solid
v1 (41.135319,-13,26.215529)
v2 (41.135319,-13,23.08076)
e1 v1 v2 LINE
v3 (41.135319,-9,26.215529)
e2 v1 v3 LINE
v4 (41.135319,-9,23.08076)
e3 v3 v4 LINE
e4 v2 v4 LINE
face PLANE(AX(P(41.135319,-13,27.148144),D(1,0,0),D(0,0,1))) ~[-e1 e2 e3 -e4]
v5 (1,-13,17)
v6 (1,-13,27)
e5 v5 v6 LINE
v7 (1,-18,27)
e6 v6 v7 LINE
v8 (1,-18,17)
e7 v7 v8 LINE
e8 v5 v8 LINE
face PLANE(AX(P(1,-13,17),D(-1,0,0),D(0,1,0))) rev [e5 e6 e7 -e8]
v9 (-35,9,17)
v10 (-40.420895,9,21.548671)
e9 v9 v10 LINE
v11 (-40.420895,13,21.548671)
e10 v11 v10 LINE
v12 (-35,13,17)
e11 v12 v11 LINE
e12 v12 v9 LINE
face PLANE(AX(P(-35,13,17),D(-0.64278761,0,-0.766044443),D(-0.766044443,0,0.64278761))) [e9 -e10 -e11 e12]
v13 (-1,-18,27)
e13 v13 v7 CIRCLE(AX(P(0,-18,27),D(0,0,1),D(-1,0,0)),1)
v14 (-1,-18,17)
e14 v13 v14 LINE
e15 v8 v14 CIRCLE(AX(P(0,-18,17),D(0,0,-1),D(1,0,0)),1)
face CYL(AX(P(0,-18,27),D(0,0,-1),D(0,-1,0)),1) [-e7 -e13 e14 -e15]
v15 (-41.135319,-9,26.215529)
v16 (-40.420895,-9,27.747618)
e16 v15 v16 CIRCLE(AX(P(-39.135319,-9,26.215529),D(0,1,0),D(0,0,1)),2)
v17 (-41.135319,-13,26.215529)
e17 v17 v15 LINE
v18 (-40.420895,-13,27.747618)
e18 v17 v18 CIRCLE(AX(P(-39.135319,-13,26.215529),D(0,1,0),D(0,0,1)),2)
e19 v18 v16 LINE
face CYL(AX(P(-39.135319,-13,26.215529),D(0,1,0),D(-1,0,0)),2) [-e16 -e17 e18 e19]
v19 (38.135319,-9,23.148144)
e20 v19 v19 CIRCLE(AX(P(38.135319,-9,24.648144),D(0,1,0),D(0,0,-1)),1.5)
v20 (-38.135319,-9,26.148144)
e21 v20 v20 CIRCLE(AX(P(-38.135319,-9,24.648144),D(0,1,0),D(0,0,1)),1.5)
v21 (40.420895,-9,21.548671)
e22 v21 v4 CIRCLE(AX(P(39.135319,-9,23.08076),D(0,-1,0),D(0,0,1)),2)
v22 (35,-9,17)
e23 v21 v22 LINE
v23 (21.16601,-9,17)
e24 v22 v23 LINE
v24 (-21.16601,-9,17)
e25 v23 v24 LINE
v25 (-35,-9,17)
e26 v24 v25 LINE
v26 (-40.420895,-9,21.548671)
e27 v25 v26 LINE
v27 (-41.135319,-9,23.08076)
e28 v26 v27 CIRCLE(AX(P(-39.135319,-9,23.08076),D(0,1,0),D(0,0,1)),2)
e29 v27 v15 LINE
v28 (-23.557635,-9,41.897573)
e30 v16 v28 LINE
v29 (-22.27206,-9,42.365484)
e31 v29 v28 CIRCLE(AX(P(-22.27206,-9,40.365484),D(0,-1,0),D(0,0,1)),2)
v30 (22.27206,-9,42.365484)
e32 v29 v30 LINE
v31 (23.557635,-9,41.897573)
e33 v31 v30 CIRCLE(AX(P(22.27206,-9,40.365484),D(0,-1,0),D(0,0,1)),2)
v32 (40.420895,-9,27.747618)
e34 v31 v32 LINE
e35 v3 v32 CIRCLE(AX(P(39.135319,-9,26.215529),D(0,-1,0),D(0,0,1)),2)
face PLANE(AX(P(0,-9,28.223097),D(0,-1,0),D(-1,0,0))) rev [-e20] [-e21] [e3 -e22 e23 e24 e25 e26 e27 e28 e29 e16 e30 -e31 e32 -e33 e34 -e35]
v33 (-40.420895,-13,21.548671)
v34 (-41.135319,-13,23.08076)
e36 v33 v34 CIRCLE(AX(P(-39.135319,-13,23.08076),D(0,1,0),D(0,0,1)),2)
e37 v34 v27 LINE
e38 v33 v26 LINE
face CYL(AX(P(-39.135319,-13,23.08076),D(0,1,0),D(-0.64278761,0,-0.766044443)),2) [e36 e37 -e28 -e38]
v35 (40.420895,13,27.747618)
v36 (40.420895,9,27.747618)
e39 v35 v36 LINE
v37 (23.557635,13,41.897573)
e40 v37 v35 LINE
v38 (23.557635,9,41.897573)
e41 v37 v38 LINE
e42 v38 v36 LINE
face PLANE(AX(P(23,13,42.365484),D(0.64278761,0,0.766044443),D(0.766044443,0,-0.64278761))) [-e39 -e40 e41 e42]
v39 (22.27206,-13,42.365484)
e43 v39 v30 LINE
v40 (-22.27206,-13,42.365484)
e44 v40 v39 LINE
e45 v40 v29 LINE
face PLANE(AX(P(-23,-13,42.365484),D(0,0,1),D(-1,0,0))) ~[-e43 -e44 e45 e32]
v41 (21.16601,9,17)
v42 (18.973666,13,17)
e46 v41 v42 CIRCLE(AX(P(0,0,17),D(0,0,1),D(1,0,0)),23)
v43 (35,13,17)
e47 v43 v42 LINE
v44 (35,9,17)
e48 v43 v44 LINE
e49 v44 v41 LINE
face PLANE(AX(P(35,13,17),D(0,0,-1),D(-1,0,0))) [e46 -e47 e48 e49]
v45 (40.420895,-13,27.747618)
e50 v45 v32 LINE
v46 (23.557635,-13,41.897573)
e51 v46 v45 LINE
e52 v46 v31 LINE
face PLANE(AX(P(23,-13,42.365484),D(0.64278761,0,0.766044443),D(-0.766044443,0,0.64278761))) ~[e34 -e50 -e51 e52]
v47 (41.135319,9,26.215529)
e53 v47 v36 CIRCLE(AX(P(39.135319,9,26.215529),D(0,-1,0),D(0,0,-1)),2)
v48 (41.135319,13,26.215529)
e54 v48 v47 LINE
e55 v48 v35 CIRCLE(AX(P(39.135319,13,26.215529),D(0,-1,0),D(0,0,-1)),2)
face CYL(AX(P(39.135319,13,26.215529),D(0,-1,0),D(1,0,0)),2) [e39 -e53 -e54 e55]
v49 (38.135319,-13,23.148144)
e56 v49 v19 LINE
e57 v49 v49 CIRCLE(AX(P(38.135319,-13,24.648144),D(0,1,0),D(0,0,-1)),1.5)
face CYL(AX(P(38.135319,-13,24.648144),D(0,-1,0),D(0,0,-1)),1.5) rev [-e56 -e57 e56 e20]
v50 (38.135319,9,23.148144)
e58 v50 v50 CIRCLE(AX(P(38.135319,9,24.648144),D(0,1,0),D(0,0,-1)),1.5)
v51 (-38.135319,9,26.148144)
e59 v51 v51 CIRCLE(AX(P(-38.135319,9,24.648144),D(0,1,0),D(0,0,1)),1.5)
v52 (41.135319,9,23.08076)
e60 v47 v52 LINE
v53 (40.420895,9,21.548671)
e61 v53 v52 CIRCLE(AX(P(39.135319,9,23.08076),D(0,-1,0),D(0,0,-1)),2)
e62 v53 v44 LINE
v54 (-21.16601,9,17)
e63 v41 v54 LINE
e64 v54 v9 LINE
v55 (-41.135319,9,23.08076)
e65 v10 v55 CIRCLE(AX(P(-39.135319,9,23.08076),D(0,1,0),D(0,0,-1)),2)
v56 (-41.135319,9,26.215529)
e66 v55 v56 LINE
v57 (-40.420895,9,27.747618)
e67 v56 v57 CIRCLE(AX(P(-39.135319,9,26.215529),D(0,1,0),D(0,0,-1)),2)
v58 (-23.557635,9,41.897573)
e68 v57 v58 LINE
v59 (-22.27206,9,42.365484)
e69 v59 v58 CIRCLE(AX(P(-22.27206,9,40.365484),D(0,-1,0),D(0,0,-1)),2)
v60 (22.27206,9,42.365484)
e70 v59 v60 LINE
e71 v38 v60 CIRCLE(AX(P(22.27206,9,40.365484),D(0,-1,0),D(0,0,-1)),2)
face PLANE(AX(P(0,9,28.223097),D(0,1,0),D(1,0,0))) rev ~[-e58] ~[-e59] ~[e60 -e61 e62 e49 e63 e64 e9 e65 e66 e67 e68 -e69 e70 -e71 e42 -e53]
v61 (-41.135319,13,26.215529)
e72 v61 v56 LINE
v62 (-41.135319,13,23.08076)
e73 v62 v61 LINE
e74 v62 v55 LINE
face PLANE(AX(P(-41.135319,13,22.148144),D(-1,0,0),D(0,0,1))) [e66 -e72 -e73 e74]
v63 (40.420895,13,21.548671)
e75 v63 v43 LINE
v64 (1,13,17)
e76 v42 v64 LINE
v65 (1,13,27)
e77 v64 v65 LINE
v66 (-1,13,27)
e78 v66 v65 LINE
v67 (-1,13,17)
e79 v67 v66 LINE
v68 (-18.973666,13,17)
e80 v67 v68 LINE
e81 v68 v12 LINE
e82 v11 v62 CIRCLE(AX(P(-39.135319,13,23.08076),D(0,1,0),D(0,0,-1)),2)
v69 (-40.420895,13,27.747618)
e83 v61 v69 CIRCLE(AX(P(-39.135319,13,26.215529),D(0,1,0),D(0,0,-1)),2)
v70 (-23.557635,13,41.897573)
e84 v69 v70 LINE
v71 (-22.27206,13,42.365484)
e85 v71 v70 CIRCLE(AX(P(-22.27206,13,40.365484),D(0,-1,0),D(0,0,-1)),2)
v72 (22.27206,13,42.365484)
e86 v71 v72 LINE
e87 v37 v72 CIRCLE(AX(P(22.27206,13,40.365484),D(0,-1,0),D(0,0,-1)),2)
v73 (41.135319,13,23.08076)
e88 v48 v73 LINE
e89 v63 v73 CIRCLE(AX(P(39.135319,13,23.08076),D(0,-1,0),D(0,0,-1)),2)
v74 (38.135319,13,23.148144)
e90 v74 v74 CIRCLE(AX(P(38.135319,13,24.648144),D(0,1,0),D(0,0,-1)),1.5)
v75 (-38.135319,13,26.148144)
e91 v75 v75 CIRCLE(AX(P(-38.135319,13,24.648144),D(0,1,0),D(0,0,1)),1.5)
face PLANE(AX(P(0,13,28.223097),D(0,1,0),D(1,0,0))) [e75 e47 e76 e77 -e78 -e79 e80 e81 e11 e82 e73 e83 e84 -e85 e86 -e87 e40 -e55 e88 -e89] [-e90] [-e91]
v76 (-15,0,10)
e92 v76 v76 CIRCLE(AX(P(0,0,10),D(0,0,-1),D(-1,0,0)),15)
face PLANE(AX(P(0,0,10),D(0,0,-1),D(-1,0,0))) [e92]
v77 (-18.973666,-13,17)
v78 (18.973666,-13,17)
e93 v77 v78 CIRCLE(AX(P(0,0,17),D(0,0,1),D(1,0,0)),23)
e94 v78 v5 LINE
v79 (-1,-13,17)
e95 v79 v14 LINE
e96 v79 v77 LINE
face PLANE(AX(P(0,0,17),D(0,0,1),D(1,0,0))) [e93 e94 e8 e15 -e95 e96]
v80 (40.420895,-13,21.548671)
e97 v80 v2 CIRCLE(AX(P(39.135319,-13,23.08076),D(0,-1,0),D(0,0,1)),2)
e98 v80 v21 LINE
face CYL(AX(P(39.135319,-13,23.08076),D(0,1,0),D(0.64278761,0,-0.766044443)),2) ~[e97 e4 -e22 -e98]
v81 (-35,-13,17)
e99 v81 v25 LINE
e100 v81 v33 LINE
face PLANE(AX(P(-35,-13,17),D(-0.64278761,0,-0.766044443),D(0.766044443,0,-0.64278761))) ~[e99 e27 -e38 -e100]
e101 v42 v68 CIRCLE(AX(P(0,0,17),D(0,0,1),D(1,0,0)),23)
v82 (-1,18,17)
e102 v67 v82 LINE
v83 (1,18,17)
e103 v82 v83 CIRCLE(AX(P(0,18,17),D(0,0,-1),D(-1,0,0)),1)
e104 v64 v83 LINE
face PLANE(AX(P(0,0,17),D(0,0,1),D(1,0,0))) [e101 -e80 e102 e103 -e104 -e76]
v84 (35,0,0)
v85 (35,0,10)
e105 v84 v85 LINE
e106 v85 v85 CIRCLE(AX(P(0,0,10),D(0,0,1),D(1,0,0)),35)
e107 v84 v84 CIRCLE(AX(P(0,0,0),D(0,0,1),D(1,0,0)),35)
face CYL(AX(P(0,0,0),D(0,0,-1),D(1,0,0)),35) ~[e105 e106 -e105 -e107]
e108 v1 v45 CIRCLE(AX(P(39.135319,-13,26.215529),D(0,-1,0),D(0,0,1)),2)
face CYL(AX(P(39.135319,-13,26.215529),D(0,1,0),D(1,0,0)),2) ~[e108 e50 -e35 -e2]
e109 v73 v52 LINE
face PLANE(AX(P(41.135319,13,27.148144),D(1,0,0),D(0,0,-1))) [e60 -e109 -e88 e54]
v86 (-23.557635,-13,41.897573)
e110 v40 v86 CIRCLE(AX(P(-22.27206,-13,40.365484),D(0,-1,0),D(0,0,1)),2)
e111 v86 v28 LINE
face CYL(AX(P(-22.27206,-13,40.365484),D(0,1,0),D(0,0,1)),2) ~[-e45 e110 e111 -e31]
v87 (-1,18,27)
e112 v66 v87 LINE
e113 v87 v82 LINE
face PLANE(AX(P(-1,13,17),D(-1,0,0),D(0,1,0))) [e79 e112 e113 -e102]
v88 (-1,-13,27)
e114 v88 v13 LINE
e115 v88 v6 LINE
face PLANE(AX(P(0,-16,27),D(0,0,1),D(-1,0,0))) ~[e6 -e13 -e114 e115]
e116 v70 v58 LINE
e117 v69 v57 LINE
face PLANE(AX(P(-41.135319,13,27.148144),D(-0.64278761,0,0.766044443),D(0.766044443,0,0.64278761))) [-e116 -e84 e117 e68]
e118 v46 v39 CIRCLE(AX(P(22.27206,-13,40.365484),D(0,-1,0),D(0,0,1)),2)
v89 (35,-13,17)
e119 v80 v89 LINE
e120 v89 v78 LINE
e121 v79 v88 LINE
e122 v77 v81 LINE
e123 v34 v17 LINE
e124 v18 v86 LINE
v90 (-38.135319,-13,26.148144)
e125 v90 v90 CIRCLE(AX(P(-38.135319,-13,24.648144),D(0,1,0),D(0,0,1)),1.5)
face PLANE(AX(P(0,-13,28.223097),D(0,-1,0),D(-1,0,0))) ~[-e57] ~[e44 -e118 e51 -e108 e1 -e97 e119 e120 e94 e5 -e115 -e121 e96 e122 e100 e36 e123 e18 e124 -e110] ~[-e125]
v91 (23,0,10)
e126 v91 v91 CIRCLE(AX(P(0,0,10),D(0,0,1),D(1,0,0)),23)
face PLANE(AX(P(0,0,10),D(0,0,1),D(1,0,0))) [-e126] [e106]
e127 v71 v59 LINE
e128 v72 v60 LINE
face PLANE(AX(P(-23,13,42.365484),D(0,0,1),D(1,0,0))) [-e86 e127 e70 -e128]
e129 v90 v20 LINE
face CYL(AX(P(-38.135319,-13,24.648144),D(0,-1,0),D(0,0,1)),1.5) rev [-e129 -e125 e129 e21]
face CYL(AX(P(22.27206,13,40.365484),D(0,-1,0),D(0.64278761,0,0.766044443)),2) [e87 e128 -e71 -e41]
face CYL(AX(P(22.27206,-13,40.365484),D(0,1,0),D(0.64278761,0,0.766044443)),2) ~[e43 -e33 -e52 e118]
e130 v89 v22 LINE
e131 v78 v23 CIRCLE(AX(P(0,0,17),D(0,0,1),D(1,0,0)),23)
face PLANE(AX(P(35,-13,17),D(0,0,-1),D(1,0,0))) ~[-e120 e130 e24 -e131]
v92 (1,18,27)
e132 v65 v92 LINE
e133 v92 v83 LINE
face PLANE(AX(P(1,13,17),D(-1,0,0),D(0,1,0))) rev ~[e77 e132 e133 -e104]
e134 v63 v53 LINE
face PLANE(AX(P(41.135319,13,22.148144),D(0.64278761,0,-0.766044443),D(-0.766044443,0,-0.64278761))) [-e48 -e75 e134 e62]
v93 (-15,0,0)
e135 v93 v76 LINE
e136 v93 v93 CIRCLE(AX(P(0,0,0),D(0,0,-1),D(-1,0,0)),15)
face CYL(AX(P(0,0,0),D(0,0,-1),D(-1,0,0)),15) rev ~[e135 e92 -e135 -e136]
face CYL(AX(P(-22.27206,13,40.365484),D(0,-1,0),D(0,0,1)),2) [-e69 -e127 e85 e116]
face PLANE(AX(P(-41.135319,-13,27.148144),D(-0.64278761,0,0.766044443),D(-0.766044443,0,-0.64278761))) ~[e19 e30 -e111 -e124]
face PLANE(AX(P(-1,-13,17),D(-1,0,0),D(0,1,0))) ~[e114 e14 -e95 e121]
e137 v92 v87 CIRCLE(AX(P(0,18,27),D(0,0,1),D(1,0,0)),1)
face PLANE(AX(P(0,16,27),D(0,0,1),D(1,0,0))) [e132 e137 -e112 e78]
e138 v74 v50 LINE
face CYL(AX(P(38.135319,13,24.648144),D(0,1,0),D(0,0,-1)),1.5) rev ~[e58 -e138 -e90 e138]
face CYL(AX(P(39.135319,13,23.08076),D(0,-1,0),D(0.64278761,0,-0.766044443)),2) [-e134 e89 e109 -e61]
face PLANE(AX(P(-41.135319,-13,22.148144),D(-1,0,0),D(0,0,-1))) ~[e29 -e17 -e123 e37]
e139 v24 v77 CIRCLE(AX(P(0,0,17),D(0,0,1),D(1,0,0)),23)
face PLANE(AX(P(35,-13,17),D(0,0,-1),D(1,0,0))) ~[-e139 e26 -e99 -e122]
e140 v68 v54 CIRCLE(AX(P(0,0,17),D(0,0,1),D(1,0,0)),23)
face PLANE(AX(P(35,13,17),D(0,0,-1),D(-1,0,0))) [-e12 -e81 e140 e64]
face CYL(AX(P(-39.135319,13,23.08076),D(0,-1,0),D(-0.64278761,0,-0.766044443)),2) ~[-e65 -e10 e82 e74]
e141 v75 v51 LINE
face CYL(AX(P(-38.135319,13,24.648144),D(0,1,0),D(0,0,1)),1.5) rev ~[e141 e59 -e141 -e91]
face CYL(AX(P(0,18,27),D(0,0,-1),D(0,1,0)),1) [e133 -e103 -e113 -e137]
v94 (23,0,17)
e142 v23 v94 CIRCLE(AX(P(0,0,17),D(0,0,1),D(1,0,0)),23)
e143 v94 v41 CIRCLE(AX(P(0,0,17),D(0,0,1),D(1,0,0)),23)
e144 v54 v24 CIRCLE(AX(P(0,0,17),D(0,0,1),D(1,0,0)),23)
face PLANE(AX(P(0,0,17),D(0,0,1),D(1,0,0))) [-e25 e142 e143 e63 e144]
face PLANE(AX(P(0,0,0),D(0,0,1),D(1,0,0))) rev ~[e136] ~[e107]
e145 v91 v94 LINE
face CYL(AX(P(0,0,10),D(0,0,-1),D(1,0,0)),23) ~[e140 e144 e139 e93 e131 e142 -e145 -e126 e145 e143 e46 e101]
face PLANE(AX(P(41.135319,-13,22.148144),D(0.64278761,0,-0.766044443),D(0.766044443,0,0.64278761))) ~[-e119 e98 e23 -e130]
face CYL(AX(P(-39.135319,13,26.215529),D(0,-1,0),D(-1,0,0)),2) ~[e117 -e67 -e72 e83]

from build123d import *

# Parameters (mm, degrees)
SKETCH1_R                   = 35
BOSS_EXTRUDE1_DEPTH         = 10
SKETCH2_R                   = 23
BOSS_EXTRUDE2_DEPTH         = 7
BOSS_EXTRUDE3_DEPTH         = 4
SKETCH4_R                   = 1.5
CUT_EXTRUDE1_DEPTH          = 4
FILLET1_R                   = 2
FILLET1_OF_MIRROR1_R        = 2
SKETCH5_W                   = 2
SKETCH5_H                   = 6
BOSS_EXTRUDE4_DEPTH         = 10
FILLET2_RADIUS              = 1
FILLET2_LENGTH              = 10
FILLET2_OF_MIRROR2_2_RADIUS = 1
FILLET2_OF_MIRROR2_2_LENGTH = 10
SKETCH6_R                   = 15
CUT_EXTRUDE2_DEPTH          = 10


with BuildPart() as part:
    # Sketch1 → Boss-Extrude1 (new body)
    with BuildSketch(Plane.XY):
        Circle(SKETCH1_R)
    extrude(amount=BOSS_EXTRUDE1_DEPTH)

    # Sketch2 → Boss-Extrude2 (add)
    with BuildSketch(Plane.XY.offset(10)):
        Circle(SKETCH2_R)
    extrude(amount=BOSS_EXTRUDE2_DEPTH)

    # Sketch3 → Boss-Extrude3 (add)
    with BuildSketch(Plane(origin=(0, 13, 0), x_dir=(1, 0, 0), z_dir=(0, 1, 0))):
        Polygon((35, -17), (-35, -17), (-41.135319403, -22.148144248), (-41.135319403, -27.148144248), (-23, -42.36548407), (23, -42.36548407), (41.135319403, -27.148144248), (41.135319403, -22.148144248), align=None)
    boss_extrude3 = extrude(amount=-BOSS_EXTRUDE3_DEPTH)

    # Sketch4 → Cut-Extrude1 (cut)
    with BuildSketch(Plane(origin=(0, 13, 0), x_dir=(1, 0, 0), z_dir=(0, 1, 0))):
        with Locations(Location((-38.135319403, -24.648144248, 0), (0, 0, 270))):
            Circle(SKETCH4_R)
        with Locations(Location((38.135319403, -24.648144248, 0), (0, 0, 90))):
            Circle(SKETCH4_R)
    cut_extrude1 = extrude(amount=-CUT_EXTRUDE1_DEPTH, mode=Mode.SUBTRACT)

    # Fillet1
    fillet1_edges = [part.edges().sort_by_distance(p)[0] for p in [
        (23, 11, 42.36548407),
        (-23, 11, 42.36548407),
        (-41.135319403, 11, 27.148144248),
        (-41.135319403, 11, 22.148144248),
        (41.135319403, 11, 22.148144248),
        (41.135319403, 11, 27.148144248),
    ]]
    fillet(fillet1_edges, radius=FILLET1_R)

    # Mirror1: Boss-Extrude3, Cut-Extrude1 across plane
    add(boss_extrude3.mirror(Plane.ZX))
    add(cut_extrude1.mirror(Plane.ZX), mode=Mode.SUBTRACT)

    # Fillet1 of Mirror1
    fillet1_of_mirror1_edges = [part.edges().sort_by_distance(p)[0] for p in [
        (23, -11, 42.36548407),
        (-23, -11, 42.36548407),
        (-41.135319403, -11, 27.148144248),
        (-41.135319403, -11, 22.148144248),
        (41.135319403, -11, 22.148144248),
        (41.135319403, -11, 27.148144248),
    ]]
    fillet(fillet1_of_mirror1_edges, radius=FILLET1_OF_MIRROR1_R)

    # Sketch5 → Boss-Extrude4 (add)
    with BuildSketch(Plane.XY.offset(17)):
        with Locations((0, 16)):
            Rectangle(SKETCH5_W, SKETCH5_H)
    boss_extrude4 = extrude(amount=BOSS_EXTRUDE4_DEPTH)

    # Fillet2: full round fillet: the end face becomes a half cylinder, R = half its width
    fillet2_face = Plane((0, 19, 22), x_dir=(0, 0, -1), z_dir=(0, 1, 0))  # on the end face: x along it, z out of the body
    fillet2_slab = fillet2_face.offset(-FILLET2_RADIUS / 2) * Box(FILLET2_LENGTH, 2 * FILLET2_RADIUS, FILLET2_RADIUS, mode=Mode.PRIVATE)  # the body's end, R deep
    fillet2_round = Plane((0, 18, 22), x_dir=(0, 1, 0), z_dir=(0, 0, -1)) * Cylinder(FILLET2_RADIUS, FILLET2_LENGTH, mode=Mode.PRIVATE)  # its axis R under the face
    add(fillet2_slab - fillet2_round, mode=Mode.SUBTRACT)

    # Mirror2: Boss-Extrude4 across plane
    add(boss_extrude4.mirror(Plane.ZX))

    # Fillet2 of Mirror2 2: full round fillet: the end face becomes a half cylinder, R = half its width
    fillet2_of_mirror2_2_face = Plane((0, -19, 22), x_dir=(0, 0, -1), z_dir=(0, -1, 0))  # on the end face: x along it, z out of the body
    fillet2_of_mirror2_2_slab = fillet2_of_mirror2_2_face.offset(-FILLET2_OF_MIRROR2_2_RADIUS / 2) * Box(FILLET2_OF_MIRROR2_2_LENGTH, 2 * FILLET2_OF_MIRROR2_2_RADIUS, FILLET2_OF_MIRROR2_2_RADIUS, mode=Mode.PRIVATE)  # the body's end, R deep
    fillet2_of_mirror2_2_round = Plane((0, -18, 22), x_dir=(0, -1, 0), z_dir=(0, 0, -1)) * Cylinder(FILLET2_OF_MIRROR2_2_RADIUS, FILLET2_OF_MIRROR2_2_LENGTH, mode=Mode.PRIVATE)  # its axis R under the face
    add(fillet2_of_mirror2_2_slab - fillet2_of_mirror2_2_round, mode=Mode.SUBTRACT)

    # Sketch6 → Cut-Extrude2 (cut)
    with BuildSketch(Plane(origin=(0, 0, 0), x_dir=(-1, 0, 0), z_dir=(0, 0, -1))):
        Circle(SKETCH6_R)
    extrude(amount=-CUT_EXTRUDE2_DEPTH, mode=Mode.SUBTRACT)


solid = part.part
